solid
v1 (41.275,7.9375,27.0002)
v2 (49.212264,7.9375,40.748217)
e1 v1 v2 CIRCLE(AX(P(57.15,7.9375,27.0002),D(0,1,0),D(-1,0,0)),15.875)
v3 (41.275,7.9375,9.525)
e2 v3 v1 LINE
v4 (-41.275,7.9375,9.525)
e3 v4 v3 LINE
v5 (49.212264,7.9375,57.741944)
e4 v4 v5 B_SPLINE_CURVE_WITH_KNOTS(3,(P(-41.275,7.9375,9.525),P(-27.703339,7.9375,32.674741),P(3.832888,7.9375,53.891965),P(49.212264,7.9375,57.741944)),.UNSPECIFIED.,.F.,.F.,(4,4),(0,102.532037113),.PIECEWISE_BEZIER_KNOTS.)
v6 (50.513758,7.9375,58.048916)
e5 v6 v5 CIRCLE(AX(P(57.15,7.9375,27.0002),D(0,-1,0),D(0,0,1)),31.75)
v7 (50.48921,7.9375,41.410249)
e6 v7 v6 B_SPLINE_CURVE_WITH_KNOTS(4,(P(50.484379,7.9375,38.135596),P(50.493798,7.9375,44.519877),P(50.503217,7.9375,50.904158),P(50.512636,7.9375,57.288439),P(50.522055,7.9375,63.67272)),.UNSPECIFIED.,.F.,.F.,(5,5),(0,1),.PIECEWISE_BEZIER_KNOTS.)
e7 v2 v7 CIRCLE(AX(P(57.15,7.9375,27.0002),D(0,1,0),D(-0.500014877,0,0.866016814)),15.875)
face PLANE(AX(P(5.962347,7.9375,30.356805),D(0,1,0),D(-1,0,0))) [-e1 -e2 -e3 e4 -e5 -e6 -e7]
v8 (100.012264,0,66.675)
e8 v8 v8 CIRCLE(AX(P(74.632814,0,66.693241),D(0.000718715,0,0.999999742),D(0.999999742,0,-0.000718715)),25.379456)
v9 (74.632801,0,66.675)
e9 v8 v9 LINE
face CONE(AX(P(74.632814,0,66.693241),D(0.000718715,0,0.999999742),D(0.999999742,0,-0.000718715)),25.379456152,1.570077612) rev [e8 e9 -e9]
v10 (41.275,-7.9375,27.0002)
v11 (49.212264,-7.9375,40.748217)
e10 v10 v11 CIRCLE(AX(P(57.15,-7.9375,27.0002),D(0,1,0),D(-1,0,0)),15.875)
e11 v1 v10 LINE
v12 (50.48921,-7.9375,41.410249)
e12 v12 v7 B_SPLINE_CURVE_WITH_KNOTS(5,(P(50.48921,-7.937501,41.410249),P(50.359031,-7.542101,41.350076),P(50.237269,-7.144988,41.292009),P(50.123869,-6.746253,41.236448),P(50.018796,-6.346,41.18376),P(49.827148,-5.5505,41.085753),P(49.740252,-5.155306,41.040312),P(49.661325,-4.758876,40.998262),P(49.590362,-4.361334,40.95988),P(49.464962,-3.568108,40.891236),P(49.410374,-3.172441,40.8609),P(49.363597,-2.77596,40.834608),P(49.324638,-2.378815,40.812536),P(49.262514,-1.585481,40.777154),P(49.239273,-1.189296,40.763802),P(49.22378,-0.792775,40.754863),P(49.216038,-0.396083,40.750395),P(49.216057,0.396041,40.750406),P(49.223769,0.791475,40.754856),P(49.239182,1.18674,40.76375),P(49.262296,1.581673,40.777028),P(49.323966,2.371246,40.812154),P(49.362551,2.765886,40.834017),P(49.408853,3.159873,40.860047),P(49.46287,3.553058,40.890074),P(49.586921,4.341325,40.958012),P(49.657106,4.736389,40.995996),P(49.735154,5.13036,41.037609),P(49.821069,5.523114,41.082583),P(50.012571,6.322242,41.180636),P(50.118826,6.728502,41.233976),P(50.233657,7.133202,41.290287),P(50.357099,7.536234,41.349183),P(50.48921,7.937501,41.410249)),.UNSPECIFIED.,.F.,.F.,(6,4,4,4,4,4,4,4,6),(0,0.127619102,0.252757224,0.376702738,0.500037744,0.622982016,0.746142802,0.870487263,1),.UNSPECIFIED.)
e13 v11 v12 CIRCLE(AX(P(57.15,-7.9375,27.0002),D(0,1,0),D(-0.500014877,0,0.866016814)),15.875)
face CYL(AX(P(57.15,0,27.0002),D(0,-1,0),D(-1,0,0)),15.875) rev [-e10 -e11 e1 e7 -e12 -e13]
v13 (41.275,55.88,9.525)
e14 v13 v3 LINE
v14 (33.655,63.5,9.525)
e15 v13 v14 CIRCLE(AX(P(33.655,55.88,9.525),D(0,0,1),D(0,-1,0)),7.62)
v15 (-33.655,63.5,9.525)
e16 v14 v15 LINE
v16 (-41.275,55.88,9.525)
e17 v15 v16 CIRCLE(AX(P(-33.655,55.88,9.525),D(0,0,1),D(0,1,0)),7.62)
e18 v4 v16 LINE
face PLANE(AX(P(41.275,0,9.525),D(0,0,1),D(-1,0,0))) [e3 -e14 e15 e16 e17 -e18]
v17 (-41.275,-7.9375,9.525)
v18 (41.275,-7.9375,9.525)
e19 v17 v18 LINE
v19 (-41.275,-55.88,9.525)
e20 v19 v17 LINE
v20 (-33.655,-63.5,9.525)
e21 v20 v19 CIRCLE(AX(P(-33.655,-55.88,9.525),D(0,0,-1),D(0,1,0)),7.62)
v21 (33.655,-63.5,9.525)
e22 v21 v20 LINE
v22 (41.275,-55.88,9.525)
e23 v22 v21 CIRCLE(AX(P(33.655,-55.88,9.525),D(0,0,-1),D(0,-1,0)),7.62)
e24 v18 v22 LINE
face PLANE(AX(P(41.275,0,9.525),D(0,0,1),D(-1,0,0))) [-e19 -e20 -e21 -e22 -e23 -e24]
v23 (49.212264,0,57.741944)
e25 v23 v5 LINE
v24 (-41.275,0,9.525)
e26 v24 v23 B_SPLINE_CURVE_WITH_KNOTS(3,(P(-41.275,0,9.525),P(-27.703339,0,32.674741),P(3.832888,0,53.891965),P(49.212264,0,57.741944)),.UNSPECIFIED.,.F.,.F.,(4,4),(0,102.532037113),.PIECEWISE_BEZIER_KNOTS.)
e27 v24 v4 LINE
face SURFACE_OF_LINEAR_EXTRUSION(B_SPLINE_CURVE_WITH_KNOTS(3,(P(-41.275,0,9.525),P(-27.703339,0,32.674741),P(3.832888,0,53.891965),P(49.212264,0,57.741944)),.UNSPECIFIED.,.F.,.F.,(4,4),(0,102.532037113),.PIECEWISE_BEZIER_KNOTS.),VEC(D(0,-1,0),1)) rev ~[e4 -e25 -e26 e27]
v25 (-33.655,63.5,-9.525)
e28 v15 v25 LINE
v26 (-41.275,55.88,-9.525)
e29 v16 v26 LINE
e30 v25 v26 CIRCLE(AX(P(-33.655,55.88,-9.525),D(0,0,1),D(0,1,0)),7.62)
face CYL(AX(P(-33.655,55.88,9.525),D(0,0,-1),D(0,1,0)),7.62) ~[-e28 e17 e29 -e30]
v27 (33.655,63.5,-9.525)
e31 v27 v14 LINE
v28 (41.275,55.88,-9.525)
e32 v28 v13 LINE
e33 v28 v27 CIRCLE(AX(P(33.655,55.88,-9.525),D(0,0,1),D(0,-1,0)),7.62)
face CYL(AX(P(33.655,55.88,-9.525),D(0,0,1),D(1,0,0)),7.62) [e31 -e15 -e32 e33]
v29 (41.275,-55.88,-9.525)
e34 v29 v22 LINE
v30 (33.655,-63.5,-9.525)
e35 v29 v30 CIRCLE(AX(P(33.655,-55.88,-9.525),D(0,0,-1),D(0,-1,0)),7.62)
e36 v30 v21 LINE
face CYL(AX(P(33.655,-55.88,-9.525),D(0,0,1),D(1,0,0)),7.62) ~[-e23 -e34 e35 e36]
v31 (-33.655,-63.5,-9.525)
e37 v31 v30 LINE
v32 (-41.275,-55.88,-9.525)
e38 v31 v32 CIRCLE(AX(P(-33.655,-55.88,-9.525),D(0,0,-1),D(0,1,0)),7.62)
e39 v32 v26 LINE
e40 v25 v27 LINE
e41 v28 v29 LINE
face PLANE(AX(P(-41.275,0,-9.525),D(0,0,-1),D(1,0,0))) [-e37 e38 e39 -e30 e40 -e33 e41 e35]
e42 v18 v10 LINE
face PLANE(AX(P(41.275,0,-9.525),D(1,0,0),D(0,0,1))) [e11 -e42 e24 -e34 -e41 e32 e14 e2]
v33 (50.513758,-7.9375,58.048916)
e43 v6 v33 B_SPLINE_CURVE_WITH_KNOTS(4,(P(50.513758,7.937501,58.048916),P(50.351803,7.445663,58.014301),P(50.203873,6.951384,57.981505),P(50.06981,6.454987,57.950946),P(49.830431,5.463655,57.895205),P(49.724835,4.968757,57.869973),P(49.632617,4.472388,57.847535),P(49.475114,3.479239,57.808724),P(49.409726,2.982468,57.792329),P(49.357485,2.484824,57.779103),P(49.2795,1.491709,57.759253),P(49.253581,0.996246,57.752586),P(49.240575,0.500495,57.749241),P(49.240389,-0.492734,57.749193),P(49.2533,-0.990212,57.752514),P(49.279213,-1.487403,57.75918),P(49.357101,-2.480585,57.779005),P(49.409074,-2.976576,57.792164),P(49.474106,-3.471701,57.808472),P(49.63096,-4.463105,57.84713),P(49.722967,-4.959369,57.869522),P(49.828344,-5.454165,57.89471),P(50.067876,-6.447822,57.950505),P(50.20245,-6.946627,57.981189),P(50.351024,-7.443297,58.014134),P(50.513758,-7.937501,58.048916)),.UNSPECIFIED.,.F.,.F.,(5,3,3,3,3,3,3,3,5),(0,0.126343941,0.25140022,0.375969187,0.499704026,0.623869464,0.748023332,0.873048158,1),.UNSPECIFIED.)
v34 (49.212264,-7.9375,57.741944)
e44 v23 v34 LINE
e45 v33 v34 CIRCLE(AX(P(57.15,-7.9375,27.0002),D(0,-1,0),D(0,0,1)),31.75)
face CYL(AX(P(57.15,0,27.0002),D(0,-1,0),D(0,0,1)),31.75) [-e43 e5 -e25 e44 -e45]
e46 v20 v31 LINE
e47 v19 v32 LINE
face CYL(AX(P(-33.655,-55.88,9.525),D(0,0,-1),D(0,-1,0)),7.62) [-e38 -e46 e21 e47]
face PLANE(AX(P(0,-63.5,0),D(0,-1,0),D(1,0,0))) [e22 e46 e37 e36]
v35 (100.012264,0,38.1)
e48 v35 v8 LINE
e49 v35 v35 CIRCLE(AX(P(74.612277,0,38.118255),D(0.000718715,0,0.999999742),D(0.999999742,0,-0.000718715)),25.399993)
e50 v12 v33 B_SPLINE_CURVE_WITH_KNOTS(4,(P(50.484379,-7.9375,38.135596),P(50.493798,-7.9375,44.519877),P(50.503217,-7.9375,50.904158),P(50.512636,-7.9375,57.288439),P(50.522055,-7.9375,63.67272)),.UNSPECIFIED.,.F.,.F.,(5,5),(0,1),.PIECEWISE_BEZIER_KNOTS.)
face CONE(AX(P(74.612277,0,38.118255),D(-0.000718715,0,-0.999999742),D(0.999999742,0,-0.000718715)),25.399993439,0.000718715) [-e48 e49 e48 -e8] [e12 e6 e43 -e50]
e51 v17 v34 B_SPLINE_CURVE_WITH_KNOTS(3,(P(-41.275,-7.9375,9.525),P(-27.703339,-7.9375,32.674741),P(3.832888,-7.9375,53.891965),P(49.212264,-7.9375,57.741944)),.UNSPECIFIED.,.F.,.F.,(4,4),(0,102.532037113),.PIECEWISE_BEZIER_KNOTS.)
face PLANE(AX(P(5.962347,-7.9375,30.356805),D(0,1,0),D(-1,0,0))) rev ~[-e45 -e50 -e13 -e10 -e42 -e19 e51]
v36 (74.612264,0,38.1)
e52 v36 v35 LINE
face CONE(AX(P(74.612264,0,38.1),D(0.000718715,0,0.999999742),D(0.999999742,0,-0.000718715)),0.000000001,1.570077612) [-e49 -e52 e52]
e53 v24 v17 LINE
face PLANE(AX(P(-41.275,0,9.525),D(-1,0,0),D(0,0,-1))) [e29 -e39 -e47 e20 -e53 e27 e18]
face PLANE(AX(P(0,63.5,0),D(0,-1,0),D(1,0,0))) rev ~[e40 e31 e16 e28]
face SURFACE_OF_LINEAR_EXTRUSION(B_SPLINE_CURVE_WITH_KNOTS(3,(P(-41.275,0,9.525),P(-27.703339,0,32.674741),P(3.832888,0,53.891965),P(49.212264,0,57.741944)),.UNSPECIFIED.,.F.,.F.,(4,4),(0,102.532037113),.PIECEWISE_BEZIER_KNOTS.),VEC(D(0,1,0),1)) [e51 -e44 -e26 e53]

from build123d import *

# Parameters (mm, degrees)
F1_DEPTH = 63.5
F2_DEPTH = 7.9375
F4_R     = 7.62


with BuildPart() as f1:
    # F0 (on Front) → F1 (new body, symmetric)
    with BuildSketch(Plane.XZ):
        Polygon((-41.275, -9.525), (41.275, -9.525), (41.275, 9.525), (25.4, 9.525), (-41.275, 9.525), align=None)
    extrude(amount=F1_DEPTH, both=True)

    # F0 (on Front) → F2 (join, symmetric)
    with BuildSketch(Plane.XZ):
        with BuildLine():
            add(Edge.make_bspline(
                [(-41.275, 9.525), (-27.703339234, 32.6747409999), (3.8328881679, 53.8919653869), (49.2122638223, 57.7419443287)],
                knots=[0, 0, 0, 0, 102.5320371125, 102.5320371125, 102.5320371125, 102.5320371125], degree=3))
            Line((-41.275, 9.525), (25.4, 9.525))
            Line((25.4, 9.525), (25.4, 27.0002))
            ThreePointArc((25.4, 27.0002), (32.0493463866, 46.4429284139), (49.2122638223, 57.7419443287))
        make_face()
        with BuildLine():
            Line((25.4, 9.525), (41.275, 9.525))
            Line((41.275, 9.525), (41.275, 27.0002))
            ThreePointArc((41.275, 27.0002), (43.4017785364, 34.9375819102), (49.2122638223, 40.7482169251))
            Line((49.2122638223, 40.7482169251), (49.2122638223, 57.7419443287))
            ThreePointArc((49.2122638223, 57.7419443287), (32.0493463866, 46.4429284139), (25.4, 27.0002))
            Line((25.4, 27.0002), (25.4, 9.525))
        make_face()
        with BuildLine():
            ThreePointArc((57.15, 58.7502), (53.149242724, 58.4971274885), (49.2122638223, 57.7419443287))
            Line((49.2122638223, 57.7419443287), (49.2122638223, 40.7482169251))
            ThreePointArc((49.2122638223, 40.7482169251), (53.0411159475, 42.3342371997), (57.15, 42.8752))
            Line((57.15, 42.8752), (74.6156958322, 42.8752))
            Line((74.6156958322, 42.8752), (74.6271054395, 58.7502))
            Line((74.6271054395, 58.7502), (57.15, 58.7502))
        make_face()
    extrude(amount=F2_DEPTH, both=True)

    # F0 (on Front) → F3 (revolve)
    with BuildSketch(Plane.XZ):
        Polygon((100.0122638223, 66.675), (74.6328011155, 66.675), (74.6271054395, 58.7502), (74.6156958322, 42.8752), (74.6122638223, 38.1), (100.0122638223, 38.1), align=None)
    revolve(axis=Axis((74.6225324689, 0, 52.3875), (0.0007187152, 0, 0.9999997417)))

    # F4
    f4_edges = [f1.edges().sort_by_distance(p)[0] for p in [
        (41.275, -63.5, 0),
        (-41.275, -63.5, 0),
        (41.275, 63.5, 0),
        (-41.275, 63.5, 0),
    ]]
    fillet(f4_edges, radius=F4_R)


solid = f1.part
